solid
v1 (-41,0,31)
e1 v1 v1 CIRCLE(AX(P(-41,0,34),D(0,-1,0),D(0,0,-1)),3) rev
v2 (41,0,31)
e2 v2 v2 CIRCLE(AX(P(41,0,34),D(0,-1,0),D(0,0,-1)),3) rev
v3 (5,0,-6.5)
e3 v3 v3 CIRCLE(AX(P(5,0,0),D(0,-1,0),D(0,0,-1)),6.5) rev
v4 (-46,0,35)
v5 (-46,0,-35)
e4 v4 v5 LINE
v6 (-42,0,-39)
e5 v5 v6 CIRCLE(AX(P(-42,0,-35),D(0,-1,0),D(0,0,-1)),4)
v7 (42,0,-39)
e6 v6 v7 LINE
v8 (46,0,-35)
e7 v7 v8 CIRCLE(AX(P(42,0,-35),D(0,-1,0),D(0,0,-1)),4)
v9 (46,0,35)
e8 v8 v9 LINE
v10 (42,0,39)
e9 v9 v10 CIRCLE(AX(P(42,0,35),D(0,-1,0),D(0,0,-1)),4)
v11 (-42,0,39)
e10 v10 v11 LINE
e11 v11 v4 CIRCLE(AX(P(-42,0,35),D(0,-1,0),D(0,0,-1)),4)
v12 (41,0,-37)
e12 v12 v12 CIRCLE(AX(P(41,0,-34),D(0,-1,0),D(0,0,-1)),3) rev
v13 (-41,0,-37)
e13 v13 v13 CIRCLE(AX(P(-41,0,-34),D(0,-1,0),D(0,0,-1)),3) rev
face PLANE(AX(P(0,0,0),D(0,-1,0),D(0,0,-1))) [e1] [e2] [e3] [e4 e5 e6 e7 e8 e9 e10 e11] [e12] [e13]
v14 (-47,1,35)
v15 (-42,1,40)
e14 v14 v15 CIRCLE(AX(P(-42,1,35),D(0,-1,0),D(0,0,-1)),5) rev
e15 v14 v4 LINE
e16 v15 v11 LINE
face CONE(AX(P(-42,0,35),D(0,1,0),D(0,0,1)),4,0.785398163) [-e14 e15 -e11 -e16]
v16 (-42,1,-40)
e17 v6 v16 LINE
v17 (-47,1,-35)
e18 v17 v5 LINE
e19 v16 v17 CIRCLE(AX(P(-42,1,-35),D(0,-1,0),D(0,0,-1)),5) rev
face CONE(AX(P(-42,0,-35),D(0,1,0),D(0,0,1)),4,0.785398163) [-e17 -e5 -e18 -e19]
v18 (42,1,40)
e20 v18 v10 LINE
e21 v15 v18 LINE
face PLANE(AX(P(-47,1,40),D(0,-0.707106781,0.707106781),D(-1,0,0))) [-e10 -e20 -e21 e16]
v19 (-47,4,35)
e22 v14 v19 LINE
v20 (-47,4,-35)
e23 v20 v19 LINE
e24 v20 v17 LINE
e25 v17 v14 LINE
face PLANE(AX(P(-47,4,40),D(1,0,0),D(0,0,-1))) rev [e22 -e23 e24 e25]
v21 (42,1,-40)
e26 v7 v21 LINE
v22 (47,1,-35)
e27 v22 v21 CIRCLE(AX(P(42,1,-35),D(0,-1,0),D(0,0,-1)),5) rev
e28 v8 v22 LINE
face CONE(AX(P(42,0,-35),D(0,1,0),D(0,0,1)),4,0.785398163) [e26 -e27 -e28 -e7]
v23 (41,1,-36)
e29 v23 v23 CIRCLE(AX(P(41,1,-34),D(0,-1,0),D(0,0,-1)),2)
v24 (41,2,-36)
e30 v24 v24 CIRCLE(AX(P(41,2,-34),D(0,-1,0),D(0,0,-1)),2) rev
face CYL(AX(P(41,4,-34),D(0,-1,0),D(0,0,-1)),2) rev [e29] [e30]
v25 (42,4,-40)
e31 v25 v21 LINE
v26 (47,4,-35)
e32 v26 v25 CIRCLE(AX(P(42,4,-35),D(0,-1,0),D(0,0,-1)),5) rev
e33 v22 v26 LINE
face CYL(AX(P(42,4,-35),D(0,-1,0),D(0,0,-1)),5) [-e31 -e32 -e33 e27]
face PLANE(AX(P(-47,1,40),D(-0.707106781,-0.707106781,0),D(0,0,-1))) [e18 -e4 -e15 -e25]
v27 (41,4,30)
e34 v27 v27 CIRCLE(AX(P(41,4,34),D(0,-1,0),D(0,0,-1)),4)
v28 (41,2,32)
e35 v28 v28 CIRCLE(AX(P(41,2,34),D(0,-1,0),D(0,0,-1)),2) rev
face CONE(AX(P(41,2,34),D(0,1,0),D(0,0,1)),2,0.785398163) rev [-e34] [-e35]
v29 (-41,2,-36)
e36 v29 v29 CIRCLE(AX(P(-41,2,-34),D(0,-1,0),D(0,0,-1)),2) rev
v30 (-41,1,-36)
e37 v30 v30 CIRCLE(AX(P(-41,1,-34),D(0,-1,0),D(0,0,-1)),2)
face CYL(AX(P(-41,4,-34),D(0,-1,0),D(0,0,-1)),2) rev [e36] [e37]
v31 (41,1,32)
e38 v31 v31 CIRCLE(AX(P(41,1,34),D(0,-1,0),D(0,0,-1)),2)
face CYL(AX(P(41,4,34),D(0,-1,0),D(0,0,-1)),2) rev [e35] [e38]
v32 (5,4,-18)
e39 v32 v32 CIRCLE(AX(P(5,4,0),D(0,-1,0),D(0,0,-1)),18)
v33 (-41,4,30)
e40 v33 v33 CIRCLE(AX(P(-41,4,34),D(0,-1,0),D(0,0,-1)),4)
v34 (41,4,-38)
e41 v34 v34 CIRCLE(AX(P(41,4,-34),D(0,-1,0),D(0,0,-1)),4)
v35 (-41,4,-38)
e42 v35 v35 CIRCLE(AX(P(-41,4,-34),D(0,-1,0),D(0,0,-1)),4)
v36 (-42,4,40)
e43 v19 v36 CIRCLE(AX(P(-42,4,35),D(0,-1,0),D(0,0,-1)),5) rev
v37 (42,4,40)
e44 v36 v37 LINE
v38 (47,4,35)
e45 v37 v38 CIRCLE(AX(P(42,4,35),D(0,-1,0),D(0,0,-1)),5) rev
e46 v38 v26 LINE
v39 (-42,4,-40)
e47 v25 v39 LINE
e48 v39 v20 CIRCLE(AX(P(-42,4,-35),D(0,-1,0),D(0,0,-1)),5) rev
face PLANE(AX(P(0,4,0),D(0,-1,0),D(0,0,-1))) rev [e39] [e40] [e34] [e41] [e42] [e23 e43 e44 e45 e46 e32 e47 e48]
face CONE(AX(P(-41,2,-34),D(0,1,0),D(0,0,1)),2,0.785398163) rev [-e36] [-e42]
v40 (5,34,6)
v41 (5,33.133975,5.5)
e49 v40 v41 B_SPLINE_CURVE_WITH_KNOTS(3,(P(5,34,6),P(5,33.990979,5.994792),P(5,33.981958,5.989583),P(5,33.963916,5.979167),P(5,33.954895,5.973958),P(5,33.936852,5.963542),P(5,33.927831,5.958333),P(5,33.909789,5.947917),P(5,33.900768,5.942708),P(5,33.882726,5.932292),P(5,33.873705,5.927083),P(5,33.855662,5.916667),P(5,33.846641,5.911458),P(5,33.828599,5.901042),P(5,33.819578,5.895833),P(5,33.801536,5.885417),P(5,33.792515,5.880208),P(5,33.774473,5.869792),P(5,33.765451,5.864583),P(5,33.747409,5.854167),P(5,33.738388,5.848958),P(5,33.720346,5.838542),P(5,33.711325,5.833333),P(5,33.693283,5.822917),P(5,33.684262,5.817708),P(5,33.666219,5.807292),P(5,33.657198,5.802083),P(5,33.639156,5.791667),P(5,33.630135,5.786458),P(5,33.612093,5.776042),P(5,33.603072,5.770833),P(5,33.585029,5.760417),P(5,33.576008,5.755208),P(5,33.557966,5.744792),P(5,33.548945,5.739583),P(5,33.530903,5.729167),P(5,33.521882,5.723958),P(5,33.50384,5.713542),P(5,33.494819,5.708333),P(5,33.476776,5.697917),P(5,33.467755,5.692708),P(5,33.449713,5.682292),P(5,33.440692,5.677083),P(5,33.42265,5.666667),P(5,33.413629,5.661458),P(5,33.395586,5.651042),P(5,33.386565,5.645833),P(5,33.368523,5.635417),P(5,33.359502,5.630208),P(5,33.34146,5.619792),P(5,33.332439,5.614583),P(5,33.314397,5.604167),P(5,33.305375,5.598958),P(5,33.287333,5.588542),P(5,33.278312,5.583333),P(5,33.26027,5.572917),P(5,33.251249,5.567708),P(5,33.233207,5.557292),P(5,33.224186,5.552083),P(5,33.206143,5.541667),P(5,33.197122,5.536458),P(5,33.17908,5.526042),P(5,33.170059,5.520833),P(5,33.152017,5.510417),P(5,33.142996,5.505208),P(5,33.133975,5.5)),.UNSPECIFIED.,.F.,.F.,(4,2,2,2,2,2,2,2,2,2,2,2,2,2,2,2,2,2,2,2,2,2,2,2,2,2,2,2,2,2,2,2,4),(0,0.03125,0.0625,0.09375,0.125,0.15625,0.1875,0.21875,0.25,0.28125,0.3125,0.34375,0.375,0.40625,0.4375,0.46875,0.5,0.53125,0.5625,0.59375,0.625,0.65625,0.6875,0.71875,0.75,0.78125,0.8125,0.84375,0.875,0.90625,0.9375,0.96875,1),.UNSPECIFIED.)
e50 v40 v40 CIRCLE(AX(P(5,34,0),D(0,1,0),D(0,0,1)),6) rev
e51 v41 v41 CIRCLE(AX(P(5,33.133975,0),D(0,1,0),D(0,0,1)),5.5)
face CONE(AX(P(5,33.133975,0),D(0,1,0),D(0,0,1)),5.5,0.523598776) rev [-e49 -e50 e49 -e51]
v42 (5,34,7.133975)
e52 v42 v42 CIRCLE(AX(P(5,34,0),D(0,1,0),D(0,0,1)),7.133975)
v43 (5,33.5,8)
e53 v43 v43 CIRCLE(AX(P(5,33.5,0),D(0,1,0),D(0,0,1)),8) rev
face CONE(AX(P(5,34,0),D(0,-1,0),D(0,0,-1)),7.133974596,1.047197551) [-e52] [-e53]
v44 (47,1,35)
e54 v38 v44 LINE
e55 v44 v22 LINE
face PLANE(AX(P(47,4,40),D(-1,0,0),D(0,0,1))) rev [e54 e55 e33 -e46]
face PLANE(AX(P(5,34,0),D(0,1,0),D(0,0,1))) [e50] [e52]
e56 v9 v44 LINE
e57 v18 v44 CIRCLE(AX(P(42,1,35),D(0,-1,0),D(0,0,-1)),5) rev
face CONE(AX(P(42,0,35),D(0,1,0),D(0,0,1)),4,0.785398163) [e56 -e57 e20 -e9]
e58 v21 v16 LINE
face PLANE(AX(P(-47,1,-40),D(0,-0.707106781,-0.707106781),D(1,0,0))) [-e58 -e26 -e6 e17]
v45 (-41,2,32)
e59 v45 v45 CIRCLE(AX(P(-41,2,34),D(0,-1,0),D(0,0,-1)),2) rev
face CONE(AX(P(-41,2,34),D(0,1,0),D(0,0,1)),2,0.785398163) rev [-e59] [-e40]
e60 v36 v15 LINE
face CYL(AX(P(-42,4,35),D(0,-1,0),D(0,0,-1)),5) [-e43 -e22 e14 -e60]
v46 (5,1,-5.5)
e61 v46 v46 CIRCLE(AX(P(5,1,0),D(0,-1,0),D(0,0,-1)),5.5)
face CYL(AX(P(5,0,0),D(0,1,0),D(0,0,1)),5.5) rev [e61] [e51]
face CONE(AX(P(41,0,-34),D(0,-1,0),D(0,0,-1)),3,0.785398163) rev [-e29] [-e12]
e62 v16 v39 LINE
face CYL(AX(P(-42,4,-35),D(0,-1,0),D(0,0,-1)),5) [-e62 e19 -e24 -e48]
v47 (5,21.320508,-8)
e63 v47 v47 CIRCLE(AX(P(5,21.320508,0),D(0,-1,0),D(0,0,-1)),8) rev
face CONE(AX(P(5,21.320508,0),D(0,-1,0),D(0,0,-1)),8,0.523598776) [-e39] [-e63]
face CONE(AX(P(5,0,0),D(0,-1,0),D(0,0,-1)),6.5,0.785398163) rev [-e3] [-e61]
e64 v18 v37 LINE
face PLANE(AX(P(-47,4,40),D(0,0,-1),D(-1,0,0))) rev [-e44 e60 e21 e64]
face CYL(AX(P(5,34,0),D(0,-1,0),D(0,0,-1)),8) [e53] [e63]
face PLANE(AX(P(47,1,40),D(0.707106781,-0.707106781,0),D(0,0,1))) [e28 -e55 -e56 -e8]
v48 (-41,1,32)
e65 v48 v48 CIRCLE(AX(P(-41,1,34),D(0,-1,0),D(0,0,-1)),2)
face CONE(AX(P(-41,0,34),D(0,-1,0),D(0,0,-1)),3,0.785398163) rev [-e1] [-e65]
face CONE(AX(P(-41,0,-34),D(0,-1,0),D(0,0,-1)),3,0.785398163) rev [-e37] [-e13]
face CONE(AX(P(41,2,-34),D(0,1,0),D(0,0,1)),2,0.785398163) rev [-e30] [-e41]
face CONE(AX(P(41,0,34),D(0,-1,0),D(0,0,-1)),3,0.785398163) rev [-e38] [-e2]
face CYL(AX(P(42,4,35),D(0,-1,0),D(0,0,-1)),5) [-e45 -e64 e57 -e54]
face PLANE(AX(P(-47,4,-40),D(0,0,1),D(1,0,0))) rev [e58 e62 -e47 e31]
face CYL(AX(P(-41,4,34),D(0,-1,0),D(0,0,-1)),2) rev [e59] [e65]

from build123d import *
from OCP.BRepFilletAPI import BRepFilletAPI_MakeChamfer

# Parameters (mm, degrees)
SKETCH_1_W          = 94
SKETCH_1_H          = 80
SKETCH_1_R          = 2
EXTRUDE_1_DEPTH     = 4
FILLET_1_R          = 5
SKETCH_2_R          = 8
EXTRUDE_2_DEPTH     = 30
SKETCH_3_R          = 5.5
CUT_EXTRUDE_1_DEPTH = 71.46275612
CHAMFER_1_SIZE      = 1
CHAMFER_2_SIZE      = 10
CHAMFER_2_SIZE2     = 17.320508076
CHAMFER_3_SIZE      = 2
CHAMFER_4_SIZE      = 0.5
CHAMFER_4_SIZE2     = 0.866025404


with BuildPart() as part:
    # Эскиз1 → Бобышка-Вытянуть1 (new body)
    with BuildSketch(Plane(origin=(0, 0, 0), x_dir=(1, 0, 0), z_dir=(0, 1, 0))):
        Rectangle(SKETCH_1_W, SKETCH_1_H)
        with Locations(Location((41, 34, 0), (0, 0, 270))):
            Circle(SKETCH_1_R, mode=Mode.SUBTRACT)
        with Locations(Location((-41, 34, 0), (0, 0, 90))):
            Circle(SKETCH_1_R, mode=Mode.SUBTRACT)
        with Locations(Location((-41, -34, 0), (0, 0, 270))):
            Circle(SKETCH_1_R, mode=Mode.SUBTRACT)
        with Locations(Location((41, -34, 0), (0, 0, 90))):
            Circle(SKETCH_1_R, mode=Mode.SUBTRACT)
    extrude(amount=EXTRUDE_1_DEPTH)

    # Скругление1
    fillet_1_edges = [part.edges().sort_by_distance(p)[0] for p in [
        (47, 2, 40),
        (-47, 2, 40),
        (-47, 2, -40),
        (47, 2, -40),
    ]]
    fillet(fillet_1_edges, radius=FILLET_1_R)

    # Эскиз2 → Бобышка-Вытянуть2 (add)
    with BuildSketch(Plane(origin=(0, 4, 0), x_dir=(1, 0, 0), z_dir=(0, 1, 0))):
        with Locations(Location((5, 0, 0), (0, 0, 270))):
            Circle(SKETCH_2_R)
    extrude(amount=EXTRUDE_2_DEPTH)

    # Эскиз3 → Вырез-Вытянуть1 (cut, through all)
    with BuildSketch(Plane(origin=(0, 34, 0), x_dir=(1, 0, 0), z_dir=(0, 1, 0))):
        with Locations(Location((5, 0, 0), (0, 0, 270))):
            Circle(SKETCH_3_R)
    extrude(amount=-CUT_EXTRUDE_1_DEPTH, mode=Mode.SUBTRACT)

    # Фаска1
    chamfer_1_edges = [part.edges().sort_by_distance(p)[0] for p in [
        (41, 0, -36),
        (-41, 0, -32),
        (-41, 0, 32),
        (41, 0, 36),
        (0, 0, 40),
        (47, 0, 0),
        (-47, 0, 0),
        (0, 0, -40),
        (45.535533906, 0, 38.535533906),
        (45.535533906, 0, -38.535533906),
        (-45.535533906, 0, -38.535533906),
        (-45.535533906, 0, 38.535533906),
        (5, 0, -5.5),
    ]]
    chamfer(chamfer_1_edges, length=CHAMFER_1_SIZE)

    # Фаска2
    chamfer_2_edges = [part.edges().sort_by_distance(p)[0] for p in [
        (5, 4, -8),
    ]]
    chamfer_2_side = [part.faces().sort_by_distance(p)[0] for p in [
        (0, 4, 38.76565807),
    ]]
    chamfer(chamfer_2_edges, length=CHAMFER_2_SIZE, length2=CHAMFER_2_SIZE2, reference=chamfer_2_side[0])

    # Фаска3
    chamfer_3_edges = [part.edges().sort_by_distance(p)[0] for p in [
        (41, 4, -36),
        (-41, 4, -32),
        (-41, 4, 32),
        (41, 4, 36),
    ]]
    chamfer(chamfer_3_edges, length=CHAMFER_3_SIZE)

    # Фаска4: one chamfer whose edges measure the first distance from different faces: ONE call of the kernel's chamfer builder (chamfer() names one face for all edges)
    chamfer_4_edges_1 = [part.edges().sort_by_distance(p)[0] for p in [
        (5, 34, -8),
    ]]
    chamfer_4_side_1 = [part.faces().sort_by_distance(p)[0] for p in [
        (5, 27.660254038, -8),
    ]]
    chamfer_4_edges_2 = [part.edges().sort_by_distance(p)[0] for p in [
        (5, 34, -5.5),
    ]]
    chamfer_4_side_2 = [part.faces().sort_by_distance(p)[0] for p in [
        (5, 34, -7.77372583),
    ]]
    chamfer_4 = BRepFilletAPI_MakeChamfer(part.part.solid().wrapped)
    for e in chamfer_4_edges_1:
        chamfer_4.Add(CHAMFER_4_SIZE, CHAMFER_4_SIZE2, e.wrapped, chamfer_4_side_1[0].wrapped)  # the first distance lies on this face
    for e in chamfer_4_edges_2:
        chamfer_4.Add(CHAMFER_4_SIZE, CHAMFER_4_SIZE2, e.wrapped, chamfer_4_side_2[0].wrapped)  # the first distance lies on this face
    add(Compound.cast(chamfer_4.Shape()), mode=Mode.REPLACE)


solid = part.part
